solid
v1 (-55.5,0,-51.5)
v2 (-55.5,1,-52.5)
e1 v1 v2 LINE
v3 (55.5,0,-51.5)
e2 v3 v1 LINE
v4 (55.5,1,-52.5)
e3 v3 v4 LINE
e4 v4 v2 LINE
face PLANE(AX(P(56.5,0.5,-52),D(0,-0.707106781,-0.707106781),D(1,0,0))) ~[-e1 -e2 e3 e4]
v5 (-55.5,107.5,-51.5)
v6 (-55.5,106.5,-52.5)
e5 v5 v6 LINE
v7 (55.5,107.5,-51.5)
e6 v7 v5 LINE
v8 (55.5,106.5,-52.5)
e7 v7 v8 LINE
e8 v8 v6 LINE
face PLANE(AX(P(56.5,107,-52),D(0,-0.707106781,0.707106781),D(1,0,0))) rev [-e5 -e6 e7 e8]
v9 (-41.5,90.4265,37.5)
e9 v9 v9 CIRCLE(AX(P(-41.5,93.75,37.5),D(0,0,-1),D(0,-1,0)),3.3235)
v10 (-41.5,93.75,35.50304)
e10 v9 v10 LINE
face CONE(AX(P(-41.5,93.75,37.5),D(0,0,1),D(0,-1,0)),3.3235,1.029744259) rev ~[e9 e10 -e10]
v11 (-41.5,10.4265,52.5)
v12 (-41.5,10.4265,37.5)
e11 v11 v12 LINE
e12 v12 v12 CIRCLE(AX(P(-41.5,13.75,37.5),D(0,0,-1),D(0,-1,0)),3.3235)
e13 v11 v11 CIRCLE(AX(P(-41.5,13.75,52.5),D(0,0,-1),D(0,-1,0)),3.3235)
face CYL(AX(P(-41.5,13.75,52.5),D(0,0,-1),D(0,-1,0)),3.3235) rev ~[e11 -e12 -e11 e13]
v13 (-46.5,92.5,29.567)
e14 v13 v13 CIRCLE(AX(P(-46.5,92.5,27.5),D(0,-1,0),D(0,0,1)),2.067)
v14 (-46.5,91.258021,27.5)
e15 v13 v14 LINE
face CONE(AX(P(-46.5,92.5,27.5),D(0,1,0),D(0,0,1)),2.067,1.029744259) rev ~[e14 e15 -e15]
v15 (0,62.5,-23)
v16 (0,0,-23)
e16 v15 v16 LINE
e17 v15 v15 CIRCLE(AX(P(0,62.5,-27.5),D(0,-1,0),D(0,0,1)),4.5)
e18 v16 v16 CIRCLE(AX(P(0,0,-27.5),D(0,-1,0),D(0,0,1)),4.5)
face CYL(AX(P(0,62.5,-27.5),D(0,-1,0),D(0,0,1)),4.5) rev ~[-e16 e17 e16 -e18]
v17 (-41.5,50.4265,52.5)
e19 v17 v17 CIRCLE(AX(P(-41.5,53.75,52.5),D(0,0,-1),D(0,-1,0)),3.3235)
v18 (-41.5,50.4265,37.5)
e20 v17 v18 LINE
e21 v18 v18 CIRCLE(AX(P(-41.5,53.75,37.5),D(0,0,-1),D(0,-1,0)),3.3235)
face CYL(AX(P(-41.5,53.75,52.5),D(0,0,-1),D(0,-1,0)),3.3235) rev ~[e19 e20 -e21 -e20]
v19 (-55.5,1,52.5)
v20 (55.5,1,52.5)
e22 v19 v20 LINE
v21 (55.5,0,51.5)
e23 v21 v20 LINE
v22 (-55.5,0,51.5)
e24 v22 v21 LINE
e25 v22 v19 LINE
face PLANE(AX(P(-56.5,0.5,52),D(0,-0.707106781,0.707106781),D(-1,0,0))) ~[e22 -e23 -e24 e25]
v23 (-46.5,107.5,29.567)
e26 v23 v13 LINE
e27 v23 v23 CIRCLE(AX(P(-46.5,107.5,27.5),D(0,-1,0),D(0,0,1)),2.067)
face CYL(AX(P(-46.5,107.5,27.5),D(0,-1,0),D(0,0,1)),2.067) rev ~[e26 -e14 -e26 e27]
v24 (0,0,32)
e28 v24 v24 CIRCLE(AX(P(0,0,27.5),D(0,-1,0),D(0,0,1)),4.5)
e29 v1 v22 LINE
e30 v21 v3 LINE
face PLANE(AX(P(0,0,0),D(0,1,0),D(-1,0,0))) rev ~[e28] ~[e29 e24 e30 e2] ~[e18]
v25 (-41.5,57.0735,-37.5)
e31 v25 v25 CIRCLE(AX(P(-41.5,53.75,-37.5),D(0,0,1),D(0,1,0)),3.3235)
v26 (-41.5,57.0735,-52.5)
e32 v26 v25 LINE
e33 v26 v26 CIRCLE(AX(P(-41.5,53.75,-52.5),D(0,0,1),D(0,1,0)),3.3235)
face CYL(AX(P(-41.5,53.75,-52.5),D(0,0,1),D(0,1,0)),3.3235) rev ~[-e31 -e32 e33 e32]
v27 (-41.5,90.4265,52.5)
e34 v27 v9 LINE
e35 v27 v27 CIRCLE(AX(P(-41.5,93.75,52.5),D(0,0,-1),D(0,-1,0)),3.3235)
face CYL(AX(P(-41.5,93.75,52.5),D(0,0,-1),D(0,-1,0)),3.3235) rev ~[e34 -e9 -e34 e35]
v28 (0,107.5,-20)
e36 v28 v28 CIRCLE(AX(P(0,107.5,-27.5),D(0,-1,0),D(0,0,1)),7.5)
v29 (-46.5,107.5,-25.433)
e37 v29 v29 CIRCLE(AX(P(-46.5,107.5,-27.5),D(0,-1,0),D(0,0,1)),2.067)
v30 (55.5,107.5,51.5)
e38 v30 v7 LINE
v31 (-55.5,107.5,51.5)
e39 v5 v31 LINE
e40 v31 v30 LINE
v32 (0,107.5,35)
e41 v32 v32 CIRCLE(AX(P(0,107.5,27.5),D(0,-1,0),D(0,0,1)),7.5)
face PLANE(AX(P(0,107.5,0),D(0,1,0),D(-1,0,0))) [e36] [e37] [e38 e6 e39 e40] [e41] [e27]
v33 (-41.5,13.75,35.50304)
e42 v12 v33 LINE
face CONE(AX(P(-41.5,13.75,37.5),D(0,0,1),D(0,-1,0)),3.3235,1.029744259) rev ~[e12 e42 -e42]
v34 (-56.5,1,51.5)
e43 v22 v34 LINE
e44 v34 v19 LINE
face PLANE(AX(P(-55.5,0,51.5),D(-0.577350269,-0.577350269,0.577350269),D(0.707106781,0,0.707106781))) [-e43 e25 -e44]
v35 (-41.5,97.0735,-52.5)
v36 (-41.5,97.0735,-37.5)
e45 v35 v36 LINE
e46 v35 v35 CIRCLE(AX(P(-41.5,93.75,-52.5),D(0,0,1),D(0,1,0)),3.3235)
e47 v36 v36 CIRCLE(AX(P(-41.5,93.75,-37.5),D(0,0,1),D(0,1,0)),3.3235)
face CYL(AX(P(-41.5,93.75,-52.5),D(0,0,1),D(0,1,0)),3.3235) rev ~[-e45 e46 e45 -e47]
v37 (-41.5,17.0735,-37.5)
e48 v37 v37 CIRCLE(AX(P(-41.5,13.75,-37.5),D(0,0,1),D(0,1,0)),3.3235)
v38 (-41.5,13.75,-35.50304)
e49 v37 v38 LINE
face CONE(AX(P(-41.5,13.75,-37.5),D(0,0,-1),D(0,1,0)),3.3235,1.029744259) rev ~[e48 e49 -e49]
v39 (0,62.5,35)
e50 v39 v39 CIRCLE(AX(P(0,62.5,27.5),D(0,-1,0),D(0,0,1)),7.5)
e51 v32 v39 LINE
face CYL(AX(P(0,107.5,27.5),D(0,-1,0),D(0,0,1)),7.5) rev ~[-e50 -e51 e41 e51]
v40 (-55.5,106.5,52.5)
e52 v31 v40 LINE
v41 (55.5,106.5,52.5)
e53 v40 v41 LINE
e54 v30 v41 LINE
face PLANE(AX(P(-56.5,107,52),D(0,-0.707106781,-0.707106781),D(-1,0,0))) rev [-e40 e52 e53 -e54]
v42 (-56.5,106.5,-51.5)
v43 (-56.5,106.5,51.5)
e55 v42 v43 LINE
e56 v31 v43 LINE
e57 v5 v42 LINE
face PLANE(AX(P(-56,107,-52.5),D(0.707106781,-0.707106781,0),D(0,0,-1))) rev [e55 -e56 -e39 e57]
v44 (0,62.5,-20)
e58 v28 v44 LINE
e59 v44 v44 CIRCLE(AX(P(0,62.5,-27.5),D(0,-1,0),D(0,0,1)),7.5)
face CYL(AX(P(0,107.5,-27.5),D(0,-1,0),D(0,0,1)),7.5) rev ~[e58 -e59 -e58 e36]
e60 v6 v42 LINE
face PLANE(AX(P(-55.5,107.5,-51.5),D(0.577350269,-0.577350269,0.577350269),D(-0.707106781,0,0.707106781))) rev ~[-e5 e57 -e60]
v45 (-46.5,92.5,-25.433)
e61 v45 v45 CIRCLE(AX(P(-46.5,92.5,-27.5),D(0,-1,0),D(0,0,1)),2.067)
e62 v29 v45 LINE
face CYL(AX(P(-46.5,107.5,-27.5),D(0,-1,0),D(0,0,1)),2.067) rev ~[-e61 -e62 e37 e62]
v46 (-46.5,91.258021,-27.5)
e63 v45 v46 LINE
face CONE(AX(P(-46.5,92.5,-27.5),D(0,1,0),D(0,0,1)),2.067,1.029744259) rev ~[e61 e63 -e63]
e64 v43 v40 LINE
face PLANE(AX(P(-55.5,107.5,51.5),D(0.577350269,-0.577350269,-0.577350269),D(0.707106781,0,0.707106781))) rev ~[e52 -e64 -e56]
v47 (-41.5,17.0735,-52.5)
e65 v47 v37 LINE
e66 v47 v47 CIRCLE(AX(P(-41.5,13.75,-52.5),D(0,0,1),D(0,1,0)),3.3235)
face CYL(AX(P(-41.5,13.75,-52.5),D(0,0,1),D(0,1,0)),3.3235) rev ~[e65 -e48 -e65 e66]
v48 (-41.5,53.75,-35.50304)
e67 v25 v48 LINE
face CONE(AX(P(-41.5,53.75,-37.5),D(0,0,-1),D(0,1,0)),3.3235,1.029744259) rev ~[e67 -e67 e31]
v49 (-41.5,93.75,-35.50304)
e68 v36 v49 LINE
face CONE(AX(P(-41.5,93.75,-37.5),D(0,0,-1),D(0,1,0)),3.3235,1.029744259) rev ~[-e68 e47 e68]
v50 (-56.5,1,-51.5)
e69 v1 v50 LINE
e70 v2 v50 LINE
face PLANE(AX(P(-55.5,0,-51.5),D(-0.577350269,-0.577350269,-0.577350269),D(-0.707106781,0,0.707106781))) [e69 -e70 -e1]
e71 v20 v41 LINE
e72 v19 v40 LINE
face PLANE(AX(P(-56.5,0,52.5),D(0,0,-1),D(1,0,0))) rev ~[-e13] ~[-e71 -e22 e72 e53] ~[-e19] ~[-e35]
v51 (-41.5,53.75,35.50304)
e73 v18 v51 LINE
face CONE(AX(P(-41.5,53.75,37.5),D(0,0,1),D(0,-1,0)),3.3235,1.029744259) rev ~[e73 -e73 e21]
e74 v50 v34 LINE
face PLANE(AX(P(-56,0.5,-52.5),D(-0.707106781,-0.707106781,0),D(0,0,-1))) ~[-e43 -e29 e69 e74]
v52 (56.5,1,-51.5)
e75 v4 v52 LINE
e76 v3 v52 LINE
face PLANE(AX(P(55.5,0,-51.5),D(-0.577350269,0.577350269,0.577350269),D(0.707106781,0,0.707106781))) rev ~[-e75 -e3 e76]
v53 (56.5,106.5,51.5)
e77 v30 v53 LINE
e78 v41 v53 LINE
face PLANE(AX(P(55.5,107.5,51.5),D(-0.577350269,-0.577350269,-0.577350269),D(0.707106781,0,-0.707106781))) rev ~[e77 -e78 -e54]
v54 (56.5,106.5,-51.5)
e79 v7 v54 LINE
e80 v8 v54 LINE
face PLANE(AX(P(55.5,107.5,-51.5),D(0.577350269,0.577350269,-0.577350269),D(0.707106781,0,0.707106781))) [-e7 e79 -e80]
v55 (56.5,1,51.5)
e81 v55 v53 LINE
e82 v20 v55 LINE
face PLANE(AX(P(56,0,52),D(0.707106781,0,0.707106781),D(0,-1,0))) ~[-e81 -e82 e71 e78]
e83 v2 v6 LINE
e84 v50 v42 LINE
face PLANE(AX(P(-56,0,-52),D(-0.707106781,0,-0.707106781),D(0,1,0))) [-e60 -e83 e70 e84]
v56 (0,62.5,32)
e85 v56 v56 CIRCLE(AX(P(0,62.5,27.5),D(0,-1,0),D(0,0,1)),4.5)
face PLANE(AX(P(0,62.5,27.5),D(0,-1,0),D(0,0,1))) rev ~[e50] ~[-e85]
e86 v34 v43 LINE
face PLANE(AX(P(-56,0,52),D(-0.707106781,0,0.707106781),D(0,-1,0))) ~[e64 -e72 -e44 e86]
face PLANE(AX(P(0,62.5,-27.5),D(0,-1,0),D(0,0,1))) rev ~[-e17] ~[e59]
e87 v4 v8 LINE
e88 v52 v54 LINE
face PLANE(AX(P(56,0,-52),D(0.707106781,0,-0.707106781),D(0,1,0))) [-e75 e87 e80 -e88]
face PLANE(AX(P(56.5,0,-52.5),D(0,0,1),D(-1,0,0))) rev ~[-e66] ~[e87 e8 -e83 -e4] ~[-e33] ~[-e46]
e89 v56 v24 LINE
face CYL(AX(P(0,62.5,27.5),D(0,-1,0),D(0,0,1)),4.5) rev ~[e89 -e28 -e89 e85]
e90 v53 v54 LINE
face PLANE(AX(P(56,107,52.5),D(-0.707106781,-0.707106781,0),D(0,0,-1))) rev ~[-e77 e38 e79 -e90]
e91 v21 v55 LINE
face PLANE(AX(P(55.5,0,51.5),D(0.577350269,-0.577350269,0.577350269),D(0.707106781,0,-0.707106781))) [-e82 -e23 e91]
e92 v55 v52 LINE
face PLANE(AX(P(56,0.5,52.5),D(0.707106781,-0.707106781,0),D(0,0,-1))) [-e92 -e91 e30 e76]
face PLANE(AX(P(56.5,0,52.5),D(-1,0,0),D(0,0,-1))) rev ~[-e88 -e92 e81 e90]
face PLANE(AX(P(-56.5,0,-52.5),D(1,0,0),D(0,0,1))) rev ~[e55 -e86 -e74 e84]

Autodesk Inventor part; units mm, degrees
ref_plane "YZ Plane" through (0, 0, 0) normal (1, 0, 0) x (0, 1, 0)
ref_plane "XZ Plane" through (0, 0, 0) normal (0, 1, 0) x (-1, 0, 0)
ref_plane "XY Plane" through (0, 0, 0) normal (0, 0, 1) x (1, 0, 0)
sketch "Sketch5" plane through (0, 0, 0) normal (0, 1, 0) x (-1, 0, 0)
  line L0 (56.5, 52.5) -> (-56.5, 52.5)
  line L1 (-56.5, 52.5) -> (-56.5, -52.5)
  line L2 (-56.5, -52.5) -> (56.5, -52.5)
  line L3 (56.5, -52.5) -> (56.5, 52.5)
  point P0 (0, 0)
  point P1 (56.5, 0)
  point P2 (0, 52.5)
  dimension "d8" = 113
  dimension "d9" = 105
extrude "Extrusion5" add sketch "Sketch5" along normal blind 107.5
sketch "Sketch8" plane through (0, 107.5, 0) normal (0, 1, 0) x (1, 0, 0)
  circle A0 centre (0, 27.5) radius 7
  circle A1 centre (0, -27.5) radius 7
  line L0 (-56.5, -52.5) -> (56.5, -52.5) projected
  line L1 (56.5, -52.5) -> (56.5, 52.5) projected
  line L2 (56.5, 52.5) -> (-56.5, 52.5) projected
  line L3 (-56.5, 52.5) -> (-56.5, -52.5) projected
  point P0 (0, 52.5)
  point P1 (0, -52.5)
  point P2 (56.5, 0)
  point P3 (-56.5, 0)
  point P4 (0, -52.5)
  dimension "d21" = 113
  dimension "d22" = 105
  dimension "d61" = 55
  dimension "d62" = 27.5
hole "Hole1" at (0, 107.5, 27.5) at (0, 107.5, -27.5) direction (0, -1, 0) diameter 9 end through all counterbore diameter 15 counterbore depth 45 clearance for "Socket Head Cap Screw" size "M8" standard "Ansi Metric M Profile"
sketch "Sketch9" plane through (-56.5, 0, 52.5) normal (0, 0, 1) x (1, 0, 0)
  line L0 (0, 0) -> (0, 107.5) projected
  circle A0 centre (15, 93.75) radius 4
  circle A1 centre (15, 53.75) radius 4
  circle A2 centre (15, 13.75) radius 4
  point P0 (113, 0)
  point P1 (113, 107.5)
  point P2 (56.5, 0)
  point P3 (0, 53.75)
  dimension "d36" = 107.5
  dimension "d37" = 40
  dimension "d38" = 40
  dimension "d40" = 8
  dimension "d41" = 15
hole "Hole2" at (-41.5, 93.75, 52.5) at (-41.5, 53.75, 52.5) at (-41.5, 13.75, 52.5) direction (0, 0, -1) diameter 6.647 depth 15 tip angle 118 thread size "M8x1.25" class "6H" standard "ISO Metric profile"
sketch "Sketch10" plane through (56.5, 0, -52.5) normal (0, 0, -1) x (-1, 0, 0)
  circle A0 centre (98, 93.75) radius 4
  circle A1 centre (98, 53.75) radius 4
  circle A2 centre (98, 13.75) radius 4
  circle A3 centre (98, 53.75) radius 3.3235 projected
  circle A4 centre (98, 13.75) radius 3.3235 projected
  circle A5 centre (98, 93.75) radius 3.3235 projected
  dimension "d52" = 8
hole "Hole3" at (-41.5, 93.75, -52.5) at (-41.5, 53.75, -52.5) at (-41.5, 13.75, -52.5) direction (0, 0, 1) diameter 6.647 depth 15 tip angle 118 thread size "M8x1.25" class "6H" standard "ISO Metric profile"
sketch "Sketch11" plane through (0, 107.5, 0) normal (0, 1, 0) x (1, 0, 0)
  line L0 (-56.5, 52.5) -> (-56.5, -52.5) projected
  circle A0 centre (-46.5, -27.5) radius 4
  circle A1 centre (-46.5, 27.5) radius 4
  point P0 (0, 0)
  dimension "d63" = 55
  dimension "d64" = 10
  dimension "d65" = 8
  dimension "d73" = 27.5
hole "Hole4" at (-46.5, 107.5, 27.5) at (-46.5, 107.5, -27.5) direction (0, -1, 0) diameter 4.134 depth 15 tip angle 118 thread size "M5x0.8" class "6H" standard "ISO Metric profile"
chamfer "Chamfer2" distance 1 angle 45 12 edges at (56.5, 53.75, -52.5) (56.5, 53.75, 52.5) (-56.5, 53.75, 52.5) (-56.5, 53.75, -52.5) (0, 107.5, -52.5) (-56.5, 107.5, 0) (0, 107.5, 52.5) (56.5, 107.5, 0) (0, 0, -52.5) (-56.5, 0, 0) (0, 0, 52.5) (56.5, 0, 0)
equation "\"d62\" = 0.5 * d61"
equation "\"d38\" = d37"
equation "\"d73\" = 0.5 * d63"
properties part number "BC-10002" material "Aço Carbono AISI 1006"
